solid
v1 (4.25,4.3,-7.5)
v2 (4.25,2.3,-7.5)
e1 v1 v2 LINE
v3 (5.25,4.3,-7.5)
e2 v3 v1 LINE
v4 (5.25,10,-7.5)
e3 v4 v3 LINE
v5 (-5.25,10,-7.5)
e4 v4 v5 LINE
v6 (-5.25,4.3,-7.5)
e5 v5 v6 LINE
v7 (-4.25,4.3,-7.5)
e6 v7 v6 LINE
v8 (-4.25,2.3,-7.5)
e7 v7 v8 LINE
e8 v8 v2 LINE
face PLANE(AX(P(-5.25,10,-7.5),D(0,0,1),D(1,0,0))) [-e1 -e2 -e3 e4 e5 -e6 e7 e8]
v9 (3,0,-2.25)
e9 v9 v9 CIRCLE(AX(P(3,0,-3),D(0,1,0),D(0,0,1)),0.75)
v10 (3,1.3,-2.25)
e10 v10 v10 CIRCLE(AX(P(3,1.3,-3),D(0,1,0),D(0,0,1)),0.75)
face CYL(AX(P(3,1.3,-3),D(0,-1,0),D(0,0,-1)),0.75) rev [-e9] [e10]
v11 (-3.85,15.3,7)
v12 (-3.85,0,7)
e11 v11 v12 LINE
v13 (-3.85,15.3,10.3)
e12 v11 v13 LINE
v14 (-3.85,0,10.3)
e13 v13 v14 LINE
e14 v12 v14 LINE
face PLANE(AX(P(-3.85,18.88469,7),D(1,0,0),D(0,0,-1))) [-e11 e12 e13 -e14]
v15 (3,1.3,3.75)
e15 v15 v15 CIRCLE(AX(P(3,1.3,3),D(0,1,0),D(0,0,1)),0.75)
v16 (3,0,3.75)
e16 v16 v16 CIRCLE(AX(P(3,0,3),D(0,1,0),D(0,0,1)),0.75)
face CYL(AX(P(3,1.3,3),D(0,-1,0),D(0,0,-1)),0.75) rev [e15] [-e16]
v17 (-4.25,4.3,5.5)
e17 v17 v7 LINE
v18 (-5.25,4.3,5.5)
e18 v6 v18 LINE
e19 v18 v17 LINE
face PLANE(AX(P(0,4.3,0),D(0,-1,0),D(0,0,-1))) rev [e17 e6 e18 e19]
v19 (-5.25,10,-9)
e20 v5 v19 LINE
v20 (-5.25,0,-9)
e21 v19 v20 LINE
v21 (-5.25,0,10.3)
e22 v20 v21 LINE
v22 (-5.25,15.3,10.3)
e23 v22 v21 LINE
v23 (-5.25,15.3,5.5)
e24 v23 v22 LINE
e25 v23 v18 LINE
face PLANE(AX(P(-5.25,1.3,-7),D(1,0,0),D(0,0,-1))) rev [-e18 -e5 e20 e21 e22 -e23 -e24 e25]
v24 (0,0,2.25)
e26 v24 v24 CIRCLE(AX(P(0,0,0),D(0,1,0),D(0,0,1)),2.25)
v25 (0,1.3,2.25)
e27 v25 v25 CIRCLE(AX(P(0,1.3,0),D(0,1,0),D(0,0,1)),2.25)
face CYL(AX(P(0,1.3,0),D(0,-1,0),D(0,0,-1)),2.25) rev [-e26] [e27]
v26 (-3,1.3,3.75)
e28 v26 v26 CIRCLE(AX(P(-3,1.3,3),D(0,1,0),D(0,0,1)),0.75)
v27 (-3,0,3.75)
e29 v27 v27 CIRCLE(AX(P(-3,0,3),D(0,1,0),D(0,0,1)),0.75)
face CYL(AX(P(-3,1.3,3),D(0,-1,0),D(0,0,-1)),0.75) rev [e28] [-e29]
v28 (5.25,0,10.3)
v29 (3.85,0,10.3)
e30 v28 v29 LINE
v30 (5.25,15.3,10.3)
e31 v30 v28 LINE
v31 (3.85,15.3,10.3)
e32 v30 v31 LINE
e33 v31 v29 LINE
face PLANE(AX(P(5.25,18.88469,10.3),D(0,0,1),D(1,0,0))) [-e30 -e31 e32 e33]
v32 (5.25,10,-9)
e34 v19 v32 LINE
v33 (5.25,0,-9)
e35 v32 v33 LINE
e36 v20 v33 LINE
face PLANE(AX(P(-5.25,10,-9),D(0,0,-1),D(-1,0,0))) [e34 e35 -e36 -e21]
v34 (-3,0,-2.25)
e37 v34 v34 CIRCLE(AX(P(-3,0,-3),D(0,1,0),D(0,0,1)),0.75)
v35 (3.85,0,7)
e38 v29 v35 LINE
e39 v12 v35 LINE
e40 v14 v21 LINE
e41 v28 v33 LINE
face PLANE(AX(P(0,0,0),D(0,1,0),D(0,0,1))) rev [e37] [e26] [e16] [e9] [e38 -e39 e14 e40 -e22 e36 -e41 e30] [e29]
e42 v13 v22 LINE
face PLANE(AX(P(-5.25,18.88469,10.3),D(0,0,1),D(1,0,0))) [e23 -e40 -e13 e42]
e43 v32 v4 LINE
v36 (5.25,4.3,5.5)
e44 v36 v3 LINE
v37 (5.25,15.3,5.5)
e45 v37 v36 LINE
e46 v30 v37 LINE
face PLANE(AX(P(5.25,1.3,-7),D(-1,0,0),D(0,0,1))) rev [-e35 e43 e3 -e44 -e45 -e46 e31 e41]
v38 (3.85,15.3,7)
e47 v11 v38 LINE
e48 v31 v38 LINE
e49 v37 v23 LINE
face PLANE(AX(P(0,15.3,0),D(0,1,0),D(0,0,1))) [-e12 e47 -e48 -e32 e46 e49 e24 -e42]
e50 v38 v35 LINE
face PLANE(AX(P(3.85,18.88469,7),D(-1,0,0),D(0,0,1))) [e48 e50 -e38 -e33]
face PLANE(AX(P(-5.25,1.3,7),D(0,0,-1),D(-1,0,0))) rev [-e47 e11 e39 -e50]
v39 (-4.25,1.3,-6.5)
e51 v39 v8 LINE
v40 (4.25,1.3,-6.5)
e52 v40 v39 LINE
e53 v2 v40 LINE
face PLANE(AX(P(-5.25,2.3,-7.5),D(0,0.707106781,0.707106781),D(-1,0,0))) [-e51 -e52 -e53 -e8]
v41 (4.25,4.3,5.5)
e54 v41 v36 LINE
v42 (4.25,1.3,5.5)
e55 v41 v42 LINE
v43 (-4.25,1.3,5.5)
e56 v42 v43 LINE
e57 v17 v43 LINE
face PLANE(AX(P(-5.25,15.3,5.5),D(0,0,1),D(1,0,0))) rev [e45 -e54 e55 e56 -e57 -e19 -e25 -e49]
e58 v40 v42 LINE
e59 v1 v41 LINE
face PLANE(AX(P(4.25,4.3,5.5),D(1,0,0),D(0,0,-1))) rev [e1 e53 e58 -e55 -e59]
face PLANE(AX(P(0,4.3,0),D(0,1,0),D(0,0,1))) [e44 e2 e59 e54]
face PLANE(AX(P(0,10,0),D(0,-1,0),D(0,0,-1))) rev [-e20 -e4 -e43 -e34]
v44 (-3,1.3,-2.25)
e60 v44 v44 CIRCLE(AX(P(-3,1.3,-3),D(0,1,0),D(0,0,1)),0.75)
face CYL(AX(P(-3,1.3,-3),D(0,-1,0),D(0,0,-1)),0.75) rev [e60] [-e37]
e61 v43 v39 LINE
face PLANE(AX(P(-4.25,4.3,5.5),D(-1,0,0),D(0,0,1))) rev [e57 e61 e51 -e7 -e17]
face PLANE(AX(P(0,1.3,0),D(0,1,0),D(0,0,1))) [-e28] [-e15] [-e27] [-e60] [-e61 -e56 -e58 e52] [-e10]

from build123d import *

# Parameters (mm, degrees)
SKETCH1_W           = 10.5
SKETCH1_H           = 14
SKETCH1_R           = 0.75
SKETCH1_R_2         = 2.25
BOSS_EXTRUDE1_DEPTH = 1.3
SKETCH2_W           = 10.5
SKETCH2_H           = 1.5
BOSS_EXTRUDE2_DEPTH = 14
SKETCH3_W           = 1.4
SKETCH3_H           = 3.3
BOSS_EXTRUDE3_DEPTH = 15.3
SKETCH4_W           = 10.5
SKETCH4_H           = 0.5
BOSS_EXTRUDE4_DEPTH = 1.3
SKETCH5_W           = 10.5
SKETCH5_H           = 1.5
BOSS_EXTRUDE5_DEPTH = 10
SKETCH6_W           = 1
SKETCH6_H           = 13
BOSS_EXTRUDE6_DEPTH = 3
CHAMFER1_SIZE       = 1


with BuildPart() as part:
    # Sketch1 → Boss-Extrude1 (new body)
    with BuildSketch(Plane(origin=(0, 0, 0), x_dir=(1, 0, 0), z_dir=(0, 1, 0))):
        Rectangle(SKETCH1_W, SKETCH1_H)
        with Locations(Location((-3, 3, 0), (0, 0, 270))):
            Circle(SKETCH1_R, mode=Mode.SUBTRACT)
        with Locations(Location((3, 3, 0), (0, 0, 270))):
            Circle(SKETCH1_R, mode=Mode.SUBTRACT)
        with Locations(Location((-3, -3, 0), (0, 0, 270))):
            Circle(SKETCH1_R, mode=Mode.SUBTRACT)
        with Locations(Location((3, -3, 0), (0, 0, 270))):
            Circle(SKETCH1_R, mode=Mode.SUBTRACT)
        with Locations(Location((0, 0, 0), (0, 0, 270))):
            Circle(SKETCH1_R_2, mode=Mode.SUBTRACT)
    extrude(amount=BOSS_EXTRUDE1_DEPTH)

    # Sketch2 → Boss-Extrude2 (add)
    with BuildSketch(Plane(origin=(0, 1.3, 0), x_dir=(1, 0, 0), z_dir=(0, 1, 0))):
        with Locations((0, -6.25)):
            Rectangle(SKETCH2_W, SKETCH2_H)
    extrude(amount=BOSS_EXTRUDE2_DEPTH)

    # Sketch3 → Boss-Extrude3 (add)
    with BuildSketch(Plane.XZ):
        with Locations((-4.55, 8.65)):
            Rectangle(SKETCH3_W, SKETCH3_H)
        with Locations((4.55, 8.65)):
            Rectangle(SKETCH3_W, SKETCH3_H)
    extrude(amount=-BOSS_EXTRUDE3_DEPTH)

    # Sketch4 → Boss-Extrude4 (add)
    with BuildSketch(Plane.XZ):
        with Locations((0, -7.25)):
            Rectangle(SKETCH4_W, SKETCH4_H)
    extrude(amount=-BOSS_EXTRUDE4_DEPTH)

    # Sketch5 → Boss-Extrude5 (add)
    with BuildSketch(Plane.XZ):
        with Locations((0, -8.25)):
            Rectangle(SKETCH5_W, SKETCH5_H)
    extrude(amount=-BOSS_EXTRUDE5_DEPTH)

    # Sketch6 → Boss-Extrude6 (add)
    with BuildSketch(Plane(origin=(0, 1.3, 0), x_dir=(1, 0, 0), z_dir=(0, 1, 0))):
        with Locations((4.75, 1)):
            Rectangle(SKETCH6_W, SKETCH6_H)
        with Locations((-4.75, 1)):
            Rectangle(SKETCH6_W, SKETCH6_H)
    extrude(amount=BOSS_EXTRUDE6_DEPTH)

    # Chamfer1
    chamfer1_edges = [part.edges().sort_by_distance(p)[0] for p in [
        (0, 1.3, -7.5),
    ]]
    chamfer(chamfer1_edges, length=CHAMFER1_SIZE)


solid = part.part
